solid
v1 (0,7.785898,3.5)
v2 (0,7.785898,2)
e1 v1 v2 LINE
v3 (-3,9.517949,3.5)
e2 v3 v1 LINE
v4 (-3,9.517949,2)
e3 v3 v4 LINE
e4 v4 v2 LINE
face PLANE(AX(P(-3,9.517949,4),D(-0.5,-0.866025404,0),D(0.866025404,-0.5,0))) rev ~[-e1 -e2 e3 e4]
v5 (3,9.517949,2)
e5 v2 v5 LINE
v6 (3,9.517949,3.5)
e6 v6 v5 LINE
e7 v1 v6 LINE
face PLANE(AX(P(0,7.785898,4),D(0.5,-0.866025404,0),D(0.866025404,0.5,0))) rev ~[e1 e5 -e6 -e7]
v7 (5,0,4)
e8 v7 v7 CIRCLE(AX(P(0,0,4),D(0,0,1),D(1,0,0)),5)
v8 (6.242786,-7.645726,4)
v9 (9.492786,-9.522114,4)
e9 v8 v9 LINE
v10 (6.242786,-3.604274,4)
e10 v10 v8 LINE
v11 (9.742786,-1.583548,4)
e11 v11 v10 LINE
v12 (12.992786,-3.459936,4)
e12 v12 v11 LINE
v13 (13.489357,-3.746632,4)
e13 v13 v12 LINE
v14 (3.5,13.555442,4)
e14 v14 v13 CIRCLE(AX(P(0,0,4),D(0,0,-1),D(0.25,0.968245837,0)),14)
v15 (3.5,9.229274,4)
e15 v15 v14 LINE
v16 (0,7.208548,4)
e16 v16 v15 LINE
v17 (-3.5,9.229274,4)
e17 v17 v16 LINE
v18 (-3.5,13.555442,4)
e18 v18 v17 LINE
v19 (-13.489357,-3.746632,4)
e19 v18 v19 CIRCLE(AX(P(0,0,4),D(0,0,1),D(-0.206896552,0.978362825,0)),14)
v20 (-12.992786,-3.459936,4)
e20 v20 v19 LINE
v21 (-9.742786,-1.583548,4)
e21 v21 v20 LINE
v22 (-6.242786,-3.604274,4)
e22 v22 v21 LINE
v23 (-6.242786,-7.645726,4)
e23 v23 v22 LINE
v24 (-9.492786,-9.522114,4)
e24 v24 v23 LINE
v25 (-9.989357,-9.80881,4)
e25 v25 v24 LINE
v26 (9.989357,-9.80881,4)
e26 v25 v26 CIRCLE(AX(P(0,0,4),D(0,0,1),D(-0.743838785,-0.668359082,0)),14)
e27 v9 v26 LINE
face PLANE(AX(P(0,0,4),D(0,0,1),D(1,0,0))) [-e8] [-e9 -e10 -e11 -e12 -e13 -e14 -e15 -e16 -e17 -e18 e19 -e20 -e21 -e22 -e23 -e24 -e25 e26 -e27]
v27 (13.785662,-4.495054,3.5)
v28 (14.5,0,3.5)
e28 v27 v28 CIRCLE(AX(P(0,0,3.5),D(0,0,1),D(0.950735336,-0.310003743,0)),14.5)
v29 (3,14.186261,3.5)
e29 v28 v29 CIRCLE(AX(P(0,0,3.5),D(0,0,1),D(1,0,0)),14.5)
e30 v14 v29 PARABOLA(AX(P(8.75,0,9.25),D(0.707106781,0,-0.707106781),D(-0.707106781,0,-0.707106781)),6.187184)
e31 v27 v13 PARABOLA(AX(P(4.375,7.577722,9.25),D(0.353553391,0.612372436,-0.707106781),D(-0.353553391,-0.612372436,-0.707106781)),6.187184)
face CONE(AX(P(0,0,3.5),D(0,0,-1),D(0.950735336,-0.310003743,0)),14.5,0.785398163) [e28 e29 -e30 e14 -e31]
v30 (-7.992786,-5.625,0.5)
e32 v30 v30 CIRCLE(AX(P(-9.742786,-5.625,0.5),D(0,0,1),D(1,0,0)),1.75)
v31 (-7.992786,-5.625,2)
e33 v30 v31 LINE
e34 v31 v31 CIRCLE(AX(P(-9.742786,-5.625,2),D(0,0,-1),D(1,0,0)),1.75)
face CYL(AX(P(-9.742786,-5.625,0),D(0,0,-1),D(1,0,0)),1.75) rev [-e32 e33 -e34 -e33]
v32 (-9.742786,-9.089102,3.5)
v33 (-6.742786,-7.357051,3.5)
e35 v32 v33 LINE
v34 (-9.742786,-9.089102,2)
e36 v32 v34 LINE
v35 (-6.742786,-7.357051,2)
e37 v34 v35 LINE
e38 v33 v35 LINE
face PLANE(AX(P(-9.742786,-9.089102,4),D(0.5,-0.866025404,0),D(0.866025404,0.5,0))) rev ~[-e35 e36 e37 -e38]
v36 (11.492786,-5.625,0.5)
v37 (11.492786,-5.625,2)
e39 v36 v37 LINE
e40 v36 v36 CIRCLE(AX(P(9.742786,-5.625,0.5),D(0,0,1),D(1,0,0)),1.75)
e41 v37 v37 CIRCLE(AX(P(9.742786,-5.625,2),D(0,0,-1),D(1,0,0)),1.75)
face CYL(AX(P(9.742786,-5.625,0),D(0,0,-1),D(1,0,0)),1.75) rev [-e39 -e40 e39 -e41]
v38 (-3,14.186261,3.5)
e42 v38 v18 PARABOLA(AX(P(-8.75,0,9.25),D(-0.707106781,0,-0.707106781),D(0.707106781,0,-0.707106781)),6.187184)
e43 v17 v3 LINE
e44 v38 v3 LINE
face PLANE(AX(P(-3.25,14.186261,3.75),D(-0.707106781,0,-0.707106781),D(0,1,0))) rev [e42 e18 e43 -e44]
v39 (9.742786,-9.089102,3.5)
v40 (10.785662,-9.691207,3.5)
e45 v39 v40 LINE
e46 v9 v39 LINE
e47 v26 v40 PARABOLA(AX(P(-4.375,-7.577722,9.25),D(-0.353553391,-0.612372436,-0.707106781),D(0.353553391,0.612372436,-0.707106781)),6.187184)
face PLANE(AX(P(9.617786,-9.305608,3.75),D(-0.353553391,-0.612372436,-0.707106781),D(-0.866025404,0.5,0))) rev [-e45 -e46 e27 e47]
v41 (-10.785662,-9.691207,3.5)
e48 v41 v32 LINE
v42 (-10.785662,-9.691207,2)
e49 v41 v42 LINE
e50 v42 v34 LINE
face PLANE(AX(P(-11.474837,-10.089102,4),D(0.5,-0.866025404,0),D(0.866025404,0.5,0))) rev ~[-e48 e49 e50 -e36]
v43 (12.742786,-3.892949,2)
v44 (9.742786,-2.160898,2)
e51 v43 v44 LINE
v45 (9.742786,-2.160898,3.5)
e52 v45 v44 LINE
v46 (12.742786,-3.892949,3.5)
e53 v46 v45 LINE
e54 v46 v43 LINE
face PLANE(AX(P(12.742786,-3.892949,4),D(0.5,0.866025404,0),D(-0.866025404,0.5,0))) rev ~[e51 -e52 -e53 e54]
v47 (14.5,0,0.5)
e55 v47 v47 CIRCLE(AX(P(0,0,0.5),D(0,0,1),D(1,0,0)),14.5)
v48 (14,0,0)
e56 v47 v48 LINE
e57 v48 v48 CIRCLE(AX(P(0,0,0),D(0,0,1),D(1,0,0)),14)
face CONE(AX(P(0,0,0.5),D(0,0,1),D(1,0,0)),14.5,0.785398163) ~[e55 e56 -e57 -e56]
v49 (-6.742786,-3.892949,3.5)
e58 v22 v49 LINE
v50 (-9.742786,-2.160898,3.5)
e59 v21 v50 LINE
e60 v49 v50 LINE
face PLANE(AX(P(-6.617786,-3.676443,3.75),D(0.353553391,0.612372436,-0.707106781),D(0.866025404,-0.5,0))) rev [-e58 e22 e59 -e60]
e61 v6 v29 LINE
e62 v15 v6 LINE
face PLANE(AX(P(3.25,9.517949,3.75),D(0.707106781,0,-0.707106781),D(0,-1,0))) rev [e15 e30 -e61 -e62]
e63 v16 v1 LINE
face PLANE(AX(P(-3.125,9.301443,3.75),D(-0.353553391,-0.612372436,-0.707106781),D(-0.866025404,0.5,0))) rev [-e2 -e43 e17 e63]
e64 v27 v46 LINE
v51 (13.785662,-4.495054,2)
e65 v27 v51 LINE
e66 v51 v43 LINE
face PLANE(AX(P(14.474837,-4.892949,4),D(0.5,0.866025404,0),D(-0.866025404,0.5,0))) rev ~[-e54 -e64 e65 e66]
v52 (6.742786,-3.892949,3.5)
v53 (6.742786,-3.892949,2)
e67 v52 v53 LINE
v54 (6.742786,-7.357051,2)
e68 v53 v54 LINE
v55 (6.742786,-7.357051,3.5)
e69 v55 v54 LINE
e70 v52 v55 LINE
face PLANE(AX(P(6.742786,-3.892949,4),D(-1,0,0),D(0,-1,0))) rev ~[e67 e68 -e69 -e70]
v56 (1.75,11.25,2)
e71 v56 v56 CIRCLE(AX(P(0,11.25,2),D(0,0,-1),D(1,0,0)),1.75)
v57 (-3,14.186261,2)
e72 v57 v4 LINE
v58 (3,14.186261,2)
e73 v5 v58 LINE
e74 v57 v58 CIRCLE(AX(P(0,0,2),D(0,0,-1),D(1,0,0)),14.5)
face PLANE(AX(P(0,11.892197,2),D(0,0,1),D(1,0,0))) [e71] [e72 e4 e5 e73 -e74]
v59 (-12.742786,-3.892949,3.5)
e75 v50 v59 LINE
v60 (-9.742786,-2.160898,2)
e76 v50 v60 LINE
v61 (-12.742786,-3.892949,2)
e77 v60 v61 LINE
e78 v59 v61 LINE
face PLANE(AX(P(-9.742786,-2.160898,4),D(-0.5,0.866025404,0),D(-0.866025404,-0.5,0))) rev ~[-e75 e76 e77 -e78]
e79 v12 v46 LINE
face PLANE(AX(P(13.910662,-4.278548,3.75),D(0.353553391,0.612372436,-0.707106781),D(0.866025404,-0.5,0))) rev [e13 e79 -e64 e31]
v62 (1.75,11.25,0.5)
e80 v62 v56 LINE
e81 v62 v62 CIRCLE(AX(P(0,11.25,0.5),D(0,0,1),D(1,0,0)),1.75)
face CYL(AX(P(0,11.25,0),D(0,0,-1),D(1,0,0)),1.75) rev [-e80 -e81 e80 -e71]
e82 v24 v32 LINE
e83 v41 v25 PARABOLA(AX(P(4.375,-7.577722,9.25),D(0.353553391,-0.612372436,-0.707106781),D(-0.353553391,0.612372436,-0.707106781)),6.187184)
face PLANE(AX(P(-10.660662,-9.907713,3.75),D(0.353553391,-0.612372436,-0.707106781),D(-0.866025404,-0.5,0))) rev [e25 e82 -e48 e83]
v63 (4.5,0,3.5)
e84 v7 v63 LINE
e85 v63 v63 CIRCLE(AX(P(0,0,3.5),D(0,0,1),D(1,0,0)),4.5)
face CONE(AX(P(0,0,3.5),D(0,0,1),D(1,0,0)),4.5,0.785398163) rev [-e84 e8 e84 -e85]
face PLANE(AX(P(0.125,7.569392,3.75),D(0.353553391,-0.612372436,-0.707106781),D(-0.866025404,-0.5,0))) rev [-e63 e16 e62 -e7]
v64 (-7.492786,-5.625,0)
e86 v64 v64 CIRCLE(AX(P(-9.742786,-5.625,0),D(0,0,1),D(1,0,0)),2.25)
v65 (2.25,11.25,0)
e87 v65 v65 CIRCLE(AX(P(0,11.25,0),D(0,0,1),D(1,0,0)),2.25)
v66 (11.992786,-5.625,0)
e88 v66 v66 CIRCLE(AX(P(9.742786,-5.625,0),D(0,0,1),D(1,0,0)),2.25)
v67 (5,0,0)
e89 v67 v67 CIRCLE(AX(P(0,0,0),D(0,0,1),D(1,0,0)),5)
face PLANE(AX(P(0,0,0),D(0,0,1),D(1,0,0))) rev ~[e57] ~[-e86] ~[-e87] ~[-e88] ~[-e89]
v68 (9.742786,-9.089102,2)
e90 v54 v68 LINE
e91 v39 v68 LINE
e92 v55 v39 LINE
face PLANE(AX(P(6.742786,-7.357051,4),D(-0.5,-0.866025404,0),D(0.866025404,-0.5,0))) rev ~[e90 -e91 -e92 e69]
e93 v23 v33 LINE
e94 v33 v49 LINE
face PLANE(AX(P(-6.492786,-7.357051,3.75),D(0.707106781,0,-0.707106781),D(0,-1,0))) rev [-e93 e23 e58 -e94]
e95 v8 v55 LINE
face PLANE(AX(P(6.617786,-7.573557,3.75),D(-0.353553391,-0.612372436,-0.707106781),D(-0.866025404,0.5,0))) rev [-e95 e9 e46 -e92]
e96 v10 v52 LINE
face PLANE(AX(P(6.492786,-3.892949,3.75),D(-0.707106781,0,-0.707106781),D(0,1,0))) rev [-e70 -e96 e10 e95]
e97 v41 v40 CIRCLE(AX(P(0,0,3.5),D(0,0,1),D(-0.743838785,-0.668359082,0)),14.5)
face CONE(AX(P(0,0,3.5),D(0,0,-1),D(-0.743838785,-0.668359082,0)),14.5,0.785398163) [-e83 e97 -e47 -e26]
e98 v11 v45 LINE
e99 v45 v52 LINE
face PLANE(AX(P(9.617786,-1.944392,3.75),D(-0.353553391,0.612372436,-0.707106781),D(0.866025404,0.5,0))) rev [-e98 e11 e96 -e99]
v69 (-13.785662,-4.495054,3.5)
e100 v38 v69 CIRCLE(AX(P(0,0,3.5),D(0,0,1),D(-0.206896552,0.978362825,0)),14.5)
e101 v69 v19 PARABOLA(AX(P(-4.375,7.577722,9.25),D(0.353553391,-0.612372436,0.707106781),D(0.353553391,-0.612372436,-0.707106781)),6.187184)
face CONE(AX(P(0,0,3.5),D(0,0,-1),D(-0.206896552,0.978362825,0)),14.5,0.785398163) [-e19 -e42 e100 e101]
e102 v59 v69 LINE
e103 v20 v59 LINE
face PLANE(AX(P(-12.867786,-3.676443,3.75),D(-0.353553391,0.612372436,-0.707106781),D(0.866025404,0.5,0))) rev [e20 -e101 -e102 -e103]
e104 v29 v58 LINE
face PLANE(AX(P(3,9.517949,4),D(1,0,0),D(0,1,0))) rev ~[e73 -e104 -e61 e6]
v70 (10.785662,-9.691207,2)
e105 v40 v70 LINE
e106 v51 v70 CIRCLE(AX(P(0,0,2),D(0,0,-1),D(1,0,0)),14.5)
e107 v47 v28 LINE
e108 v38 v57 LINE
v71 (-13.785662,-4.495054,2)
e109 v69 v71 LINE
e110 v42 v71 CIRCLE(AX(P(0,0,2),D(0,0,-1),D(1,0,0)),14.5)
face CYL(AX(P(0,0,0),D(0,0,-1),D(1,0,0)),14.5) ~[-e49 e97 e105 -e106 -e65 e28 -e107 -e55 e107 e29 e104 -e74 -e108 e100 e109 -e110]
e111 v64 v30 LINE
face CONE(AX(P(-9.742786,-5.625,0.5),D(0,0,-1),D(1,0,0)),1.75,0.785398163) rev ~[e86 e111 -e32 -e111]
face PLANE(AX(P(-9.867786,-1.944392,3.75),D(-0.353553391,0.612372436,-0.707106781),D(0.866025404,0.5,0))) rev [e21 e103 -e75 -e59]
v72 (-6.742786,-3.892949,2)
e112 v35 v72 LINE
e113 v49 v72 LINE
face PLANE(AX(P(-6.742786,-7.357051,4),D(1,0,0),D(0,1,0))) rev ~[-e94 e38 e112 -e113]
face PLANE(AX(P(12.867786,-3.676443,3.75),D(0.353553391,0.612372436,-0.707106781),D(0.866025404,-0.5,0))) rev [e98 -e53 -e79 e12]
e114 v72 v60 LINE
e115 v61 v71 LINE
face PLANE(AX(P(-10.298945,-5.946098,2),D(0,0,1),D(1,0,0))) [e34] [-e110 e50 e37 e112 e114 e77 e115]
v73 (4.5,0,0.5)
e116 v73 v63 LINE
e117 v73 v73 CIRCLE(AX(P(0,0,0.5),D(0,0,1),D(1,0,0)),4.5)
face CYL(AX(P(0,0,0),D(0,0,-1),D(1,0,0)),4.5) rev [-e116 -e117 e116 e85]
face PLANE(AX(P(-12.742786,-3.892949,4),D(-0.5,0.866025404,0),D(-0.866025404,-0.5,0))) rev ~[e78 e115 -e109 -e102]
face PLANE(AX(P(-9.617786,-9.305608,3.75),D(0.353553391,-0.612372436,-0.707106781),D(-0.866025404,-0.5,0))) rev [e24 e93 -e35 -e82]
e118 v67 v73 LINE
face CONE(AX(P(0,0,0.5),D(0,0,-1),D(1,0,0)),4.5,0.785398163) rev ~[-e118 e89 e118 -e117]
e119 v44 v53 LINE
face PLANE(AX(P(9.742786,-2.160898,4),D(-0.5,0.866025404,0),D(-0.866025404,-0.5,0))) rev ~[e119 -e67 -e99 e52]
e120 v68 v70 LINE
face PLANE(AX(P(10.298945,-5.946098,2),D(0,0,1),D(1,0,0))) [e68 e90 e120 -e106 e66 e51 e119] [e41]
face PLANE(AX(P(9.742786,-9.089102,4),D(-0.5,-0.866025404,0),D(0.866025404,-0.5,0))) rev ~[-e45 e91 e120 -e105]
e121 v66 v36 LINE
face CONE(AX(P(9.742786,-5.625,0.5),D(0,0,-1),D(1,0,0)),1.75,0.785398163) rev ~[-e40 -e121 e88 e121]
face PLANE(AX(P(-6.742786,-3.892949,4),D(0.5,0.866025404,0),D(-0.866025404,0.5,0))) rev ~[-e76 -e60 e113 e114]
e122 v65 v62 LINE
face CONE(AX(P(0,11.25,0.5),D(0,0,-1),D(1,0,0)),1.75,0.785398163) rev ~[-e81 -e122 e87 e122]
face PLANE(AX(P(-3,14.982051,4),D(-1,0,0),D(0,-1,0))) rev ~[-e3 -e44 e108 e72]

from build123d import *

# Parameters (mm, degrees)
SKETCH4_R           = 14.5
SKETCH4_R_2         = 1.75
SKETCH4_R_3         = 4.5
BOSS_EXTRUDE5_DEPTH = 4
CUT_EXTRUDE1_DEPTH  = 2
CHAMFER1_SIZE       = 0.5


with BuildPart() as part:
    # Sketch4 → Boss-Extrude5 (new body)
    with BuildSketch(Plane.XY):
        Circle(SKETCH4_R)
        with Locations((0, 11.25)):
            Circle(SKETCH4_R_2, mode=Mode.SUBTRACT)
        with Locations((9.742785793, -5.625)):
            Circle(SKETCH4_R_2, mode=Mode.SUBTRACT)
        with Locations((-9.742785793, -5.625)):
            Circle(SKETCH4_R_2, mode=Mode.SUBTRACT)
        Circle(SKETCH4_R_3, mode=Mode.SUBTRACT)
    extrude(amount=BOSS_EXTRUDE5_DEPTH)

    # Sketch5 → Cut-Extrude1 (cut)
    with BuildSketch(Plane.XY.offset(4)):
        Polygon((12.742785793, -3.892949192), (9.742785793, -2.160898385), (6.742785793, -3.892949192), (6.742785793, -7.357050808), (9.742785793, -9.089101615), (11.4748366, -10.089101615), (14.4748366, -4.892949192), align=None)
        Polygon((-3, 12.982050808), (-3, 9.517949192), (0, 7.785898385), (3, 9.517949192), (3, 12.982050808), (3, 14.982050808), (-3, 14.982050808), align=None)
        Polygon((-9.742785793, -9.089101615), (-6.742785793, -7.357050808), (-6.742785793, -3.892949192), (-9.742785793, -2.160898385), (-12.742785793, -3.892949192), (-14.4748366, -4.892949192), (-11.4748366, -10.089101615), align=None)
    extrude(amount=-CUT_EXTRUDE1_DEPTH, mode=Mode.SUBTRACT)

    # Chamfer1
    chamfer1_edges = [part.edges().sort_by_distance(p)[0] for p in [
        (-11.492785793, -5.625, 0),
        (-4.5, 0, 0),
        (-4.5, 0, 4),
        (-14.5, 0, 0),
        (-12.557368355, 7.25, 4),
        (3, 11.852105076, 4),
        (-3, 11.852105076, 4),
        (-1.5, 8.651923789, 4),
        (1.5, 8.651923789, 4),
        (11.263880326, 9.130991184, 4),
        (-1.75, 11.25, 0),
        (8.764224084, -8.524128749, 4),
        (11.764224084, -3.327976327, 4),
        (8.242785793, -3.026923789, 4),
        (6.742785793, -5.625, 4),
        (0, -14.5, 4),
        (-11.764224084, -3.327976327, 4),
        (-8.764224084, -8.524128749, 4),
        (-6.742785793, -5.625, 4),
        (-8.242785793, -3.026923789, 4),
        (7.992785793, -5.625, 0),
    ]]
    chamfer(chamfer1_edges, length=CHAMFER1_SIZE)


solid = part.part
